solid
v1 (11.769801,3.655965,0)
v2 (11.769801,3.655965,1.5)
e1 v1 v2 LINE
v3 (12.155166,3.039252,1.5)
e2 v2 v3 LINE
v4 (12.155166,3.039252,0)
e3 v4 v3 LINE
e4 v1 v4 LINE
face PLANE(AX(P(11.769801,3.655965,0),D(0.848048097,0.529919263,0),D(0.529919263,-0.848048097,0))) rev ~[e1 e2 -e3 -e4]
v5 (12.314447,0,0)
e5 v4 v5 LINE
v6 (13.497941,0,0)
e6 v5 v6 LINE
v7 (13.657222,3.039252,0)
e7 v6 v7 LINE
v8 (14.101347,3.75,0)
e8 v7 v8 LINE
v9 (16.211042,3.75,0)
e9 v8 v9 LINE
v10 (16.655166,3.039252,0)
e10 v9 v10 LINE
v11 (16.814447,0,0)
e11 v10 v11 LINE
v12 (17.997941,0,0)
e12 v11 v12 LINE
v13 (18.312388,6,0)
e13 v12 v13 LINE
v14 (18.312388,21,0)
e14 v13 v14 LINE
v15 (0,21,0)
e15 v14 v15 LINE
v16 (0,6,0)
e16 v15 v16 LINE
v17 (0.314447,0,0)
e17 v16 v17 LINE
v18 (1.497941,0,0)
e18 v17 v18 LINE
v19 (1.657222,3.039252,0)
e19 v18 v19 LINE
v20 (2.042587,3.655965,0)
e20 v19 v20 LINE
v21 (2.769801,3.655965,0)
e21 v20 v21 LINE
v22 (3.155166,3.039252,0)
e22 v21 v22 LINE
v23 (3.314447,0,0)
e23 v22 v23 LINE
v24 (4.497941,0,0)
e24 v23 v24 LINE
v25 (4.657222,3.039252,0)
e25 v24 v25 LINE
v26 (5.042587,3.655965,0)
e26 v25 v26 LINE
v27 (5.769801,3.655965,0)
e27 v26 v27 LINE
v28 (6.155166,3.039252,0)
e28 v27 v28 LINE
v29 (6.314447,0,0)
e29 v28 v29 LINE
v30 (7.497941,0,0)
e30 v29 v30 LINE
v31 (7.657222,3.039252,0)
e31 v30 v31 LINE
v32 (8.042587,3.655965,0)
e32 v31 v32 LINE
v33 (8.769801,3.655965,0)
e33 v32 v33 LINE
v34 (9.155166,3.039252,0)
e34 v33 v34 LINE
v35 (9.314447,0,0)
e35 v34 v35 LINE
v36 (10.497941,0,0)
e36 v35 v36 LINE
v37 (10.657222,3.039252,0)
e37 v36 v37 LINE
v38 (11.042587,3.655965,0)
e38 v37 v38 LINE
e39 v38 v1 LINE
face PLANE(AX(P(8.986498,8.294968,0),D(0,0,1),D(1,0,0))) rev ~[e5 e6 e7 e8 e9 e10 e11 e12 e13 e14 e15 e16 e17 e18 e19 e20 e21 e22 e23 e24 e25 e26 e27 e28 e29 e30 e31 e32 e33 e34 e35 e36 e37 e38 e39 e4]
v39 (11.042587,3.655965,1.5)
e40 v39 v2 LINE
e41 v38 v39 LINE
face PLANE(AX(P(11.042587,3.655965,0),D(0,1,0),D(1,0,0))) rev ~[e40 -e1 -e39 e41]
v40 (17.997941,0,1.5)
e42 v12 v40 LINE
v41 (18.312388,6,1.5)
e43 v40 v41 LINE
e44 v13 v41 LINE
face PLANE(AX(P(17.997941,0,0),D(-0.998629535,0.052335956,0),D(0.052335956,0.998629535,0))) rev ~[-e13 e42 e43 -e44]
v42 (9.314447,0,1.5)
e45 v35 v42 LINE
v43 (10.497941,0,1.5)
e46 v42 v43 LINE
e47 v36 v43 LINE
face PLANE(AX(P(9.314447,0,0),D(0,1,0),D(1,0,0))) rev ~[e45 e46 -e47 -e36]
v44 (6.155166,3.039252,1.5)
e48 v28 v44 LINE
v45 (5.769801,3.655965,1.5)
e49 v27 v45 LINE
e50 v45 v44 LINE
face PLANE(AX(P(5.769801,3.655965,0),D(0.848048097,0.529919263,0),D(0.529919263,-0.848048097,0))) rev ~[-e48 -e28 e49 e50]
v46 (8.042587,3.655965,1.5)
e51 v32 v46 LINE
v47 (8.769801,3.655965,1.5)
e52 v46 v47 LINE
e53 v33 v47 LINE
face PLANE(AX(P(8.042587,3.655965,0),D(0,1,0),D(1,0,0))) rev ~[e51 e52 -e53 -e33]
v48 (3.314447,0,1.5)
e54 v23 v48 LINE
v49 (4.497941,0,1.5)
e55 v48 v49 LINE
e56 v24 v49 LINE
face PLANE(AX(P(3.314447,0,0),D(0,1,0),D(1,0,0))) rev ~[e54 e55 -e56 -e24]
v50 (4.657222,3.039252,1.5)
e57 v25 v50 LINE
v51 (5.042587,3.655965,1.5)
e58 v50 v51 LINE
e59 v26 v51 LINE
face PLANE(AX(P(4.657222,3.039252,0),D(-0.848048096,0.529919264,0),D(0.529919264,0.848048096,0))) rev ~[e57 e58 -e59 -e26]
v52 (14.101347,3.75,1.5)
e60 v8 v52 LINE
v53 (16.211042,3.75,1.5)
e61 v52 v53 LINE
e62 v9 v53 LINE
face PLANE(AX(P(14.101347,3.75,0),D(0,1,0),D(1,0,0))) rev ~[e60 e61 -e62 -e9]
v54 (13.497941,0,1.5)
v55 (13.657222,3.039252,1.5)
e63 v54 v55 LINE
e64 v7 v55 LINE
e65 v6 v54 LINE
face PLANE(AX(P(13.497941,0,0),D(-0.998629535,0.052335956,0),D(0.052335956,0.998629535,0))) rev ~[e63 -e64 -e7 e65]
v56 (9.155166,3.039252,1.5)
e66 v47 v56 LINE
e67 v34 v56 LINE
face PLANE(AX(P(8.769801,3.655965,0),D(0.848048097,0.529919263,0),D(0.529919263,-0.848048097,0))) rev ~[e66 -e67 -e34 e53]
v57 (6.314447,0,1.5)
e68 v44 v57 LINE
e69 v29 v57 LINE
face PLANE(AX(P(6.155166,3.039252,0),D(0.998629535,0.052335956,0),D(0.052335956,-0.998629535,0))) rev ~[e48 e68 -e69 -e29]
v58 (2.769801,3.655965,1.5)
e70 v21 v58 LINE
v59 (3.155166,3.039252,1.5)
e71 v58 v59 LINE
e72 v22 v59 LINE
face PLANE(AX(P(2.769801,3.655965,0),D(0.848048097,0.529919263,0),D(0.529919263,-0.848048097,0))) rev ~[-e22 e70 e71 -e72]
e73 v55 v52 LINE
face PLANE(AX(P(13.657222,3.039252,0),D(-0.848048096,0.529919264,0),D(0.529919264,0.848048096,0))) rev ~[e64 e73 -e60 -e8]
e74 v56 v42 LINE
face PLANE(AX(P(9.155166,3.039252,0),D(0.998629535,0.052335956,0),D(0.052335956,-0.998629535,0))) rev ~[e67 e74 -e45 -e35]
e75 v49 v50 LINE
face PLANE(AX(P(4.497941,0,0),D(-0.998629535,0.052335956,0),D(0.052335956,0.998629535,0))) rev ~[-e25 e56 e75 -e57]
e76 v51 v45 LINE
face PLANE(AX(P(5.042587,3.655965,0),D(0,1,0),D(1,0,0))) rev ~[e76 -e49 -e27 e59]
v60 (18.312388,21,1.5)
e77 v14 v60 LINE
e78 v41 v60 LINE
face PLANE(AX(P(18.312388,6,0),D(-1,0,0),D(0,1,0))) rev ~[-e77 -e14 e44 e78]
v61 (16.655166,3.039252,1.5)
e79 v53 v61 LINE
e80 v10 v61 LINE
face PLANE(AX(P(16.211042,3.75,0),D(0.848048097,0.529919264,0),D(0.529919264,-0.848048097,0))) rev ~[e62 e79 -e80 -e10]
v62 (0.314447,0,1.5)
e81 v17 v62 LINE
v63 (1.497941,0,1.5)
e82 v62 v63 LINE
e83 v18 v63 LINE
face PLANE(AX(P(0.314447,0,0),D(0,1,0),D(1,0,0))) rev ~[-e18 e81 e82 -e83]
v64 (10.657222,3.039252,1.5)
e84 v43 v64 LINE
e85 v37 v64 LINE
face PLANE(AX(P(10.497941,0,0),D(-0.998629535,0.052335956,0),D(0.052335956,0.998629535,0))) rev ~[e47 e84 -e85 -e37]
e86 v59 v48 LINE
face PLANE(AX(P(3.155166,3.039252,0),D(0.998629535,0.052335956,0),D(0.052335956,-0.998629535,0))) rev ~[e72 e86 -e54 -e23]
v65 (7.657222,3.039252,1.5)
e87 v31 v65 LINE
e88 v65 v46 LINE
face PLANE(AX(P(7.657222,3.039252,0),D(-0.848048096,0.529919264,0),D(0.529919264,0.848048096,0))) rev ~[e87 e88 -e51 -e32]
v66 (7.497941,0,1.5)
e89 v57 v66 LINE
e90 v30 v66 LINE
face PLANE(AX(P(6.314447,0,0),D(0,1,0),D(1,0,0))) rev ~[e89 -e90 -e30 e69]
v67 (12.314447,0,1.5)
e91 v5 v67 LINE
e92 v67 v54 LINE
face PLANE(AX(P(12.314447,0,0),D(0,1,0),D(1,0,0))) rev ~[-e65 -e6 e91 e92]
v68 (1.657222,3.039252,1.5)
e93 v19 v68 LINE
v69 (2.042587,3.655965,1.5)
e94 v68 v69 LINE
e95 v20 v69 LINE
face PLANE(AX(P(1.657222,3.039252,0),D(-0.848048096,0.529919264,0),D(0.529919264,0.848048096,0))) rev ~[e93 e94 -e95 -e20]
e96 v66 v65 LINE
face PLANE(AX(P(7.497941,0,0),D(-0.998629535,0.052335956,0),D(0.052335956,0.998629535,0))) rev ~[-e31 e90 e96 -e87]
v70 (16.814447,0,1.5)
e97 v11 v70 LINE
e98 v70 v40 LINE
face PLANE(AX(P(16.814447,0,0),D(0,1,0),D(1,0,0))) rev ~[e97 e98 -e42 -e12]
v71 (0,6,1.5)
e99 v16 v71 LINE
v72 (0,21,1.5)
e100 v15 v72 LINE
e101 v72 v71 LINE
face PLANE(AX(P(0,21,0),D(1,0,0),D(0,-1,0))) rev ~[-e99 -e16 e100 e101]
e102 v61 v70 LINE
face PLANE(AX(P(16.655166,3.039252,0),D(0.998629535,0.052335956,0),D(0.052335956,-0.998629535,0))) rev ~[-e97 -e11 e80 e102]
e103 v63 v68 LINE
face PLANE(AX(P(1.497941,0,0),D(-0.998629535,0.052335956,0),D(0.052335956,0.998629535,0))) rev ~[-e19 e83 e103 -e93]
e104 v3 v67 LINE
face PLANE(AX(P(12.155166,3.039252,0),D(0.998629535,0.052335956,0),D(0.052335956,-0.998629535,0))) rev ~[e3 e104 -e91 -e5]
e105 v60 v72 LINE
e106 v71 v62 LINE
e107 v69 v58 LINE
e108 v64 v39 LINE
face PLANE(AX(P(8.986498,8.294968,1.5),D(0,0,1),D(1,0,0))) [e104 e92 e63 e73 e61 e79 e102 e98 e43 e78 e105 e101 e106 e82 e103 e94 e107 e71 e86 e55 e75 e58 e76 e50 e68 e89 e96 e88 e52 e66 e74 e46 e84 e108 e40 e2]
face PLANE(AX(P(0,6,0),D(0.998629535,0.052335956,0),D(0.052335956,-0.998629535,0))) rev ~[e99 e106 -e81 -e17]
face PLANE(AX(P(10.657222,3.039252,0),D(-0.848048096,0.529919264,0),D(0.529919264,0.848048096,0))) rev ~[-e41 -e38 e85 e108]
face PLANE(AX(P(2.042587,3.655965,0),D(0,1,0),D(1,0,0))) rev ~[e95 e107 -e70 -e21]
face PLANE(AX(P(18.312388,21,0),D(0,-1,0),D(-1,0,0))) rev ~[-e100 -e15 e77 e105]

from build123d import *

# Parameters (mm, degrees)
BOSS_EXTRUDE1_DEPTH = 1.5


with BuildPart() as part:
    # Sketch1 → Boss-Extrude1 (new body)
    with BuildSketch(Plane.XY):
        Polygon((0, 6), (0.314446676, 0), (1.497941481, 0), (1.657221927, 3.039251967), (2.042586863, 3.65596478), (2.769801294, 3.65596478), (3.155166229, 3.039251967), (3.314446676, 0), (4.497941481, 0), (4.657221927, 3.039251967), (5.042586863, 3.65596478), (5.769801294, 3.65596478), (6.155166229, 3.039251967), (6.314446676, 0), (7.497941481, 0), (7.657221927, 3.039251967), (8.042586863, 3.65596478), (8.769801294, 3.65596478), (9.155166229, 3.039251967), (9.314446676, 0), (10.497941481, 0), (10.657221927, 3.039251967), (11.042586863, 3.65596478), (11.769801294, 3.65596478), (12.155166229, 3.039251967), (12.314446676, 0), (13.497941481, 0), (13.657221927, 3.039251967), (14.10134659, 3.75), (16.211041567, 3.75), (16.655166229, 3.039251967), (16.814446676, 0), (17.997941481, 0), (18.312388157, 6), (18.312388157, 21), (0, 21), align=None)
    extrude(amount=BOSS_EXTRUDE1_DEPTH)


solid = part.part
